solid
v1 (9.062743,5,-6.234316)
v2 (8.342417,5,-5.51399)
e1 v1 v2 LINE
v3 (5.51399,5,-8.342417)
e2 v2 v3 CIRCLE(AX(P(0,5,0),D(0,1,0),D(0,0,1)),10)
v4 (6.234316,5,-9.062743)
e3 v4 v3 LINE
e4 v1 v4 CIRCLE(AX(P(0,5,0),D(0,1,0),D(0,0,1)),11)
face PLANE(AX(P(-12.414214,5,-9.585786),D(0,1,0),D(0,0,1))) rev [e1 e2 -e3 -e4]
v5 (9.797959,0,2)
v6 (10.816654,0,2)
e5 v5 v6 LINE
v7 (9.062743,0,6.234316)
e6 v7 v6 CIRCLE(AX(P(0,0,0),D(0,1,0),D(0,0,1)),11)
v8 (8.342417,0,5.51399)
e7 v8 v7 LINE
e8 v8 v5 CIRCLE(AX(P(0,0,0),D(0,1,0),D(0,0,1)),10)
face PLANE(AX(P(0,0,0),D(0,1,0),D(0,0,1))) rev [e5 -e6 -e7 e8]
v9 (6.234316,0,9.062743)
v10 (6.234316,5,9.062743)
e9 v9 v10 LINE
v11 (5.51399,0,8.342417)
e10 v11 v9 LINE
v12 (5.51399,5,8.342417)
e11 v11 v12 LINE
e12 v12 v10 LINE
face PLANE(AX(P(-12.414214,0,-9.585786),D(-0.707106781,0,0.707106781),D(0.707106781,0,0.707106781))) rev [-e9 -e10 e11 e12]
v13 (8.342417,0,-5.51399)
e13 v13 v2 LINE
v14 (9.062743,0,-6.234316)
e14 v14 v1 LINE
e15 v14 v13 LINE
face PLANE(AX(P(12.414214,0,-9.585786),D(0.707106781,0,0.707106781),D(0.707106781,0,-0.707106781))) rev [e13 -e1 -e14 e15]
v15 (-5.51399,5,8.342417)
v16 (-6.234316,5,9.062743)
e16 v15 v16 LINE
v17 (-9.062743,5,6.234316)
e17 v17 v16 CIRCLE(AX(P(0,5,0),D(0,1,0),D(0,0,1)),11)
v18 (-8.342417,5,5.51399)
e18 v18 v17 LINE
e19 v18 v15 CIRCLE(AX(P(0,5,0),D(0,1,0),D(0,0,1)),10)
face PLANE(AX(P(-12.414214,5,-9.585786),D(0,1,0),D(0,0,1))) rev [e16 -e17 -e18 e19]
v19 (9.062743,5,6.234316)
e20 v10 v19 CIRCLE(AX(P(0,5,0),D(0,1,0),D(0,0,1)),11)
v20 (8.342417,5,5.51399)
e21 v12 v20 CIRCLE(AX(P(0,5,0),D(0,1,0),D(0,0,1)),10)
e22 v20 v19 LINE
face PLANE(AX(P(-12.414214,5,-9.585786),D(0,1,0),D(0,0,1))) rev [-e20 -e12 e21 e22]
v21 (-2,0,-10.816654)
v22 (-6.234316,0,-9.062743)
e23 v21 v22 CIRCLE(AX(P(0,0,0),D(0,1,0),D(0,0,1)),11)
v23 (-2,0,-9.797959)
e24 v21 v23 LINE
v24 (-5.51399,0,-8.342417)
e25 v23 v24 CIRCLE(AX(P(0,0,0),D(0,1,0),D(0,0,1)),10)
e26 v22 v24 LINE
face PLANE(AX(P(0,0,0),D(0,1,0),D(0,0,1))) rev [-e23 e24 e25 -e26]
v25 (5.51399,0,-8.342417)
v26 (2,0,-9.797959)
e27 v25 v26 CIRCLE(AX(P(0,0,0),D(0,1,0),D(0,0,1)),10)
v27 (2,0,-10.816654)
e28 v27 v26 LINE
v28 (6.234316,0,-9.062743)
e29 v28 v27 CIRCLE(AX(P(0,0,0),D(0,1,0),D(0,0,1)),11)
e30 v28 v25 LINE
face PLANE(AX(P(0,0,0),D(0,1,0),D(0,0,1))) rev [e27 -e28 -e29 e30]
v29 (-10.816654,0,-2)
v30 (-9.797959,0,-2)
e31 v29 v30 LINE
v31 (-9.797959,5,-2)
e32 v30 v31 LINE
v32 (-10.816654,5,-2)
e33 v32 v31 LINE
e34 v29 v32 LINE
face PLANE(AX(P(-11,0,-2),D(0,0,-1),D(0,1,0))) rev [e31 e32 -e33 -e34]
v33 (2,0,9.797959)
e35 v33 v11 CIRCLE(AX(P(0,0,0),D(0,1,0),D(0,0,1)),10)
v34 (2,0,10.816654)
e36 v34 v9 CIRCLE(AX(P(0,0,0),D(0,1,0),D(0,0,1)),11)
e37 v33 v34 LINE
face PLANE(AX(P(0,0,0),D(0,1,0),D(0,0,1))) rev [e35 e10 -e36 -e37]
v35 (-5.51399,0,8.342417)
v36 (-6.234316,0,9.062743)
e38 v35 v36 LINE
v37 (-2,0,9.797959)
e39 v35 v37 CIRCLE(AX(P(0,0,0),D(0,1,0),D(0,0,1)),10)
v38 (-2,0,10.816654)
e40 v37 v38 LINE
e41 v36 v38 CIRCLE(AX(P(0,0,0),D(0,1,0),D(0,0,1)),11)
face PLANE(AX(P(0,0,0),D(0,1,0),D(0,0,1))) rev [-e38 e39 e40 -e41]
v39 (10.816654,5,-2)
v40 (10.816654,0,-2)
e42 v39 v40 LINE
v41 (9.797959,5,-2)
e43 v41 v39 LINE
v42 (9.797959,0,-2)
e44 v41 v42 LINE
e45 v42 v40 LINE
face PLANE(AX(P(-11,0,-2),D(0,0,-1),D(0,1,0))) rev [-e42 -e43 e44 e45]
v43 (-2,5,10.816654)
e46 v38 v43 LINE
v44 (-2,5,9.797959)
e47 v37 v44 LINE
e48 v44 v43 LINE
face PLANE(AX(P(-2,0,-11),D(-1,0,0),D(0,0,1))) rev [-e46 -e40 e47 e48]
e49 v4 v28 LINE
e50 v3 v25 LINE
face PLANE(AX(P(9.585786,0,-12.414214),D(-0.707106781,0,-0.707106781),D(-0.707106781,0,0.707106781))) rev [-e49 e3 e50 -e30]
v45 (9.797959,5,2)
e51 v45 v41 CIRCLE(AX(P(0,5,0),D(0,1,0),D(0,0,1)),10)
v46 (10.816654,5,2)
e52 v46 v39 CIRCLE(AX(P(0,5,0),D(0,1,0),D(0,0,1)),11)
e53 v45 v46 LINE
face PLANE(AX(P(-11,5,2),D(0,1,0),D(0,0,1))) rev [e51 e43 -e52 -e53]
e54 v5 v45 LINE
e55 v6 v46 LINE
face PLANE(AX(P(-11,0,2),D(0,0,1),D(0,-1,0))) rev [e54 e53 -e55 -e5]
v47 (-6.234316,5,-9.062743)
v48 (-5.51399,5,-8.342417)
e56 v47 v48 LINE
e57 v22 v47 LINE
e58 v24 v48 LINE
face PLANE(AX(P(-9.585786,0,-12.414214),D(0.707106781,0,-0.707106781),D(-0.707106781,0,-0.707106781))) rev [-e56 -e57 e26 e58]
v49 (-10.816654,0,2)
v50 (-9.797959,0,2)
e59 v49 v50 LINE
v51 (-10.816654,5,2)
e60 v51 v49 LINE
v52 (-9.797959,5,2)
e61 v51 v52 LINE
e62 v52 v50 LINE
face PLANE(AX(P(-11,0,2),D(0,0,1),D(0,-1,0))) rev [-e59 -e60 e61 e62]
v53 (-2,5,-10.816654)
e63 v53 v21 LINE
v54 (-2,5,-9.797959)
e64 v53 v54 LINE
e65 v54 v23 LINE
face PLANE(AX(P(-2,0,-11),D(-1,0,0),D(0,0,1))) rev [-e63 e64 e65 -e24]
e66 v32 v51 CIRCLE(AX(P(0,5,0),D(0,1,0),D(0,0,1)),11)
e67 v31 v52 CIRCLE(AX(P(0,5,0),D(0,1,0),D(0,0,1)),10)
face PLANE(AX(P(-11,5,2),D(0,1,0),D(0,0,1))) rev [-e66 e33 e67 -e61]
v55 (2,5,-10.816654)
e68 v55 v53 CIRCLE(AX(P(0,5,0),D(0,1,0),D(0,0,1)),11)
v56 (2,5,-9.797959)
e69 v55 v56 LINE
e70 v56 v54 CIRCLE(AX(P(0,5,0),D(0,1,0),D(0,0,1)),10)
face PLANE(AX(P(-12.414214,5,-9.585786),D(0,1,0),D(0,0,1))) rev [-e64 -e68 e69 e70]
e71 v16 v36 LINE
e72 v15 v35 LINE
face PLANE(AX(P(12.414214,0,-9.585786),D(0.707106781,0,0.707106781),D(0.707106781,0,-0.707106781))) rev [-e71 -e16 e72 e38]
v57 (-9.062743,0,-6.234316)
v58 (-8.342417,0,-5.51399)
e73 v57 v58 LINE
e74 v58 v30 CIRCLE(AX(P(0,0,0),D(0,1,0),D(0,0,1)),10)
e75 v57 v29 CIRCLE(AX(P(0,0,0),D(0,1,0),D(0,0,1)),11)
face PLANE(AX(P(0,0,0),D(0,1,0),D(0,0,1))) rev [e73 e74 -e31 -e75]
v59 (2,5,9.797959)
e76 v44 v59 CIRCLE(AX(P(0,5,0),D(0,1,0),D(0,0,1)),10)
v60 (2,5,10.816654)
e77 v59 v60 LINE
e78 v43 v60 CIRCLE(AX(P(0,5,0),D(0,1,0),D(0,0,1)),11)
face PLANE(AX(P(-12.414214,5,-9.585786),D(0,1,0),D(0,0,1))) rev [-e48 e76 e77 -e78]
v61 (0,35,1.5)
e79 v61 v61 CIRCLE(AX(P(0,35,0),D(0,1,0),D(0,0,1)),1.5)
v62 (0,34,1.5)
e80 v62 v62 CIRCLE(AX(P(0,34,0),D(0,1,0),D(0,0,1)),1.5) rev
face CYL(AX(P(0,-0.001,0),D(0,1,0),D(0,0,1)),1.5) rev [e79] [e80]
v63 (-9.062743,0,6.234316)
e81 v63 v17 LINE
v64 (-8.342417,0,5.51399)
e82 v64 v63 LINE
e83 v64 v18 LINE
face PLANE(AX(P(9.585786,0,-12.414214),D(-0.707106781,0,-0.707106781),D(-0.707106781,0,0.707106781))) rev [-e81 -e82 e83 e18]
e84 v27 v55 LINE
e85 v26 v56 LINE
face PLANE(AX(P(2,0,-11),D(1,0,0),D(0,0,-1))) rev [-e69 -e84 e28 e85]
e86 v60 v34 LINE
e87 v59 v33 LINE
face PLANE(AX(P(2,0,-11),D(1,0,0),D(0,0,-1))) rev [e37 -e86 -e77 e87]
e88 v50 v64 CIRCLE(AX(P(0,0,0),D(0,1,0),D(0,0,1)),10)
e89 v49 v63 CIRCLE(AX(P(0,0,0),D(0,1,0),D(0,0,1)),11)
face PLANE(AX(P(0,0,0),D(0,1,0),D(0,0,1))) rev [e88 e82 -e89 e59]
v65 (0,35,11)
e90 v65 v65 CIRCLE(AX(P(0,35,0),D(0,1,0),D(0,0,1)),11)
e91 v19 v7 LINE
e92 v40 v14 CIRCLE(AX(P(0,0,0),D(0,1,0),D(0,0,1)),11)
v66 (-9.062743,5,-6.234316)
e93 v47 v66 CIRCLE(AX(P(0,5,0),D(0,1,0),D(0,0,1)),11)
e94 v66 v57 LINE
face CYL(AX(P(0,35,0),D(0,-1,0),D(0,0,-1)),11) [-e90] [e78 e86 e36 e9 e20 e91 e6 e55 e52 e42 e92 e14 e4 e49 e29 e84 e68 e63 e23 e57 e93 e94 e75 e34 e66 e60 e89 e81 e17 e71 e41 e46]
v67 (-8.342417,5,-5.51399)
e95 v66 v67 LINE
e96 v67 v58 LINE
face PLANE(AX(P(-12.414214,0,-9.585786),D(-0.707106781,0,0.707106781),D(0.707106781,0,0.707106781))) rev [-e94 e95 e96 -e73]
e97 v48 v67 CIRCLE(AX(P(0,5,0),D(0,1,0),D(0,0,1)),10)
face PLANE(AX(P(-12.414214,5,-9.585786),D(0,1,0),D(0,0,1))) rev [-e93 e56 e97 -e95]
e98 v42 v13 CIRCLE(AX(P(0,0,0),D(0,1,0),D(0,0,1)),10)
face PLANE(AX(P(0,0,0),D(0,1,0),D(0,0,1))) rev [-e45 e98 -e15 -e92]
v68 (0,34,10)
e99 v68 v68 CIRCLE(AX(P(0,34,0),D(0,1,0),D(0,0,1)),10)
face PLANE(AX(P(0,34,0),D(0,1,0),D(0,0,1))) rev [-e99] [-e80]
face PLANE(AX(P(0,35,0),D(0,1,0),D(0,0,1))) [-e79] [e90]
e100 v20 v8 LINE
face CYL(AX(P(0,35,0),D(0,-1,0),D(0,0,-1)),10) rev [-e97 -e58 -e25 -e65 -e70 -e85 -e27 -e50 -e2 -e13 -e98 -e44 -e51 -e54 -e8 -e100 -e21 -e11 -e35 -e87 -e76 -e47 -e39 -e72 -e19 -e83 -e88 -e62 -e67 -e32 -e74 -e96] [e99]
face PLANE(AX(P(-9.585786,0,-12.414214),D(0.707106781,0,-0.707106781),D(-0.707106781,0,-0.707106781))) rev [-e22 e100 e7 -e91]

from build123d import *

# Parameters (mm, degrees)
SKETCH1_R           = 11
BOSS_EXTRUDE1_DEPTH = 35
SHELL1_T            = -1
SKETCH4_W           = 4
SKETCH4_H           = 5
CUT_EXTRUDE1_DEPTH  = 56.018178814
CIRPATTERN1_COUNT   = 8
CUT_EXTRUDE2_REACH  = 40.301
SKETCH5_R           = 1.5


with BuildPart() as part:
    # Sketch1 → Boss-Extrude1 (new body)
    with BuildSketch(Plane(origin=(0, 0, 0), x_dir=(1, 0, 0), z_dir=(0, 1, 0))):
        with Locations(Location((0, 0, 0), (0, 0, 270))):
            Circle(SKETCH1_R)
    extrude(amount=BOSS_EXTRUDE1_DEPTH)

    # Shell1
    shell1_openings = [part.faces().sort_by_distance(p)[0] for p in [
        (0, 0, 0),
    ]]
    offset(amount=SHELL1_T, openings=shell1_openings, kind=Kind.INTERSECTION)

    # Sketch4 → Cut-Extrude1 (cut, symmetric)
    with BuildSketch(Plane(origin=(30, 0, 0), x_dir=(0, 0, -1), z_dir=(1, 0, 0))):
        with Locations((0, 2.5)):
            Rectangle(SKETCH4_W, SKETCH4_H)
    cut_extrude1 = extrude(amount=CUT_EXTRUDE1_DEPTH, both=True, mode=Mode.SUBTRACT)

    # CirPattern1: Cut-Extrude1 ×8 about axis
    cirpattern1_axis = Axis((0, 0, 0), (0, 1, 0))
    for i in range(1, CIRPATTERN1_COUNT):
        add(cut_extrude1.rotate(cirpattern1_axis, i * 360 / CIRPATTERN1_COUNT), mode=Mode.SUBTRACT)

    # Sketch5 → Cut-Extrude2 (cut, up to next)
    with BuildSketch(Plane(origin=(0, 35, 0), x_dir=(1, 0, 0), z_dir=(0, 1, 0)), mode=Mode.PRIVATE) as cut_extrude2_sk1:
        with Locations(Location((0, 0, 0), (0, 0, 270))):
            Circle(SKETCH5_R)
    cut_extrude2_tool1 = extrude(cut_extrude2_sk1.sketch, amount=-CUT_EXTRUDE2_REACH, mode=Mode.PRIVATE) & part.part
    add(cut_extrude2_tool1.solids().sort_by_distance((0, 35, 0))[0], mode=Mode.SUBTRACT)


solid = part.part
